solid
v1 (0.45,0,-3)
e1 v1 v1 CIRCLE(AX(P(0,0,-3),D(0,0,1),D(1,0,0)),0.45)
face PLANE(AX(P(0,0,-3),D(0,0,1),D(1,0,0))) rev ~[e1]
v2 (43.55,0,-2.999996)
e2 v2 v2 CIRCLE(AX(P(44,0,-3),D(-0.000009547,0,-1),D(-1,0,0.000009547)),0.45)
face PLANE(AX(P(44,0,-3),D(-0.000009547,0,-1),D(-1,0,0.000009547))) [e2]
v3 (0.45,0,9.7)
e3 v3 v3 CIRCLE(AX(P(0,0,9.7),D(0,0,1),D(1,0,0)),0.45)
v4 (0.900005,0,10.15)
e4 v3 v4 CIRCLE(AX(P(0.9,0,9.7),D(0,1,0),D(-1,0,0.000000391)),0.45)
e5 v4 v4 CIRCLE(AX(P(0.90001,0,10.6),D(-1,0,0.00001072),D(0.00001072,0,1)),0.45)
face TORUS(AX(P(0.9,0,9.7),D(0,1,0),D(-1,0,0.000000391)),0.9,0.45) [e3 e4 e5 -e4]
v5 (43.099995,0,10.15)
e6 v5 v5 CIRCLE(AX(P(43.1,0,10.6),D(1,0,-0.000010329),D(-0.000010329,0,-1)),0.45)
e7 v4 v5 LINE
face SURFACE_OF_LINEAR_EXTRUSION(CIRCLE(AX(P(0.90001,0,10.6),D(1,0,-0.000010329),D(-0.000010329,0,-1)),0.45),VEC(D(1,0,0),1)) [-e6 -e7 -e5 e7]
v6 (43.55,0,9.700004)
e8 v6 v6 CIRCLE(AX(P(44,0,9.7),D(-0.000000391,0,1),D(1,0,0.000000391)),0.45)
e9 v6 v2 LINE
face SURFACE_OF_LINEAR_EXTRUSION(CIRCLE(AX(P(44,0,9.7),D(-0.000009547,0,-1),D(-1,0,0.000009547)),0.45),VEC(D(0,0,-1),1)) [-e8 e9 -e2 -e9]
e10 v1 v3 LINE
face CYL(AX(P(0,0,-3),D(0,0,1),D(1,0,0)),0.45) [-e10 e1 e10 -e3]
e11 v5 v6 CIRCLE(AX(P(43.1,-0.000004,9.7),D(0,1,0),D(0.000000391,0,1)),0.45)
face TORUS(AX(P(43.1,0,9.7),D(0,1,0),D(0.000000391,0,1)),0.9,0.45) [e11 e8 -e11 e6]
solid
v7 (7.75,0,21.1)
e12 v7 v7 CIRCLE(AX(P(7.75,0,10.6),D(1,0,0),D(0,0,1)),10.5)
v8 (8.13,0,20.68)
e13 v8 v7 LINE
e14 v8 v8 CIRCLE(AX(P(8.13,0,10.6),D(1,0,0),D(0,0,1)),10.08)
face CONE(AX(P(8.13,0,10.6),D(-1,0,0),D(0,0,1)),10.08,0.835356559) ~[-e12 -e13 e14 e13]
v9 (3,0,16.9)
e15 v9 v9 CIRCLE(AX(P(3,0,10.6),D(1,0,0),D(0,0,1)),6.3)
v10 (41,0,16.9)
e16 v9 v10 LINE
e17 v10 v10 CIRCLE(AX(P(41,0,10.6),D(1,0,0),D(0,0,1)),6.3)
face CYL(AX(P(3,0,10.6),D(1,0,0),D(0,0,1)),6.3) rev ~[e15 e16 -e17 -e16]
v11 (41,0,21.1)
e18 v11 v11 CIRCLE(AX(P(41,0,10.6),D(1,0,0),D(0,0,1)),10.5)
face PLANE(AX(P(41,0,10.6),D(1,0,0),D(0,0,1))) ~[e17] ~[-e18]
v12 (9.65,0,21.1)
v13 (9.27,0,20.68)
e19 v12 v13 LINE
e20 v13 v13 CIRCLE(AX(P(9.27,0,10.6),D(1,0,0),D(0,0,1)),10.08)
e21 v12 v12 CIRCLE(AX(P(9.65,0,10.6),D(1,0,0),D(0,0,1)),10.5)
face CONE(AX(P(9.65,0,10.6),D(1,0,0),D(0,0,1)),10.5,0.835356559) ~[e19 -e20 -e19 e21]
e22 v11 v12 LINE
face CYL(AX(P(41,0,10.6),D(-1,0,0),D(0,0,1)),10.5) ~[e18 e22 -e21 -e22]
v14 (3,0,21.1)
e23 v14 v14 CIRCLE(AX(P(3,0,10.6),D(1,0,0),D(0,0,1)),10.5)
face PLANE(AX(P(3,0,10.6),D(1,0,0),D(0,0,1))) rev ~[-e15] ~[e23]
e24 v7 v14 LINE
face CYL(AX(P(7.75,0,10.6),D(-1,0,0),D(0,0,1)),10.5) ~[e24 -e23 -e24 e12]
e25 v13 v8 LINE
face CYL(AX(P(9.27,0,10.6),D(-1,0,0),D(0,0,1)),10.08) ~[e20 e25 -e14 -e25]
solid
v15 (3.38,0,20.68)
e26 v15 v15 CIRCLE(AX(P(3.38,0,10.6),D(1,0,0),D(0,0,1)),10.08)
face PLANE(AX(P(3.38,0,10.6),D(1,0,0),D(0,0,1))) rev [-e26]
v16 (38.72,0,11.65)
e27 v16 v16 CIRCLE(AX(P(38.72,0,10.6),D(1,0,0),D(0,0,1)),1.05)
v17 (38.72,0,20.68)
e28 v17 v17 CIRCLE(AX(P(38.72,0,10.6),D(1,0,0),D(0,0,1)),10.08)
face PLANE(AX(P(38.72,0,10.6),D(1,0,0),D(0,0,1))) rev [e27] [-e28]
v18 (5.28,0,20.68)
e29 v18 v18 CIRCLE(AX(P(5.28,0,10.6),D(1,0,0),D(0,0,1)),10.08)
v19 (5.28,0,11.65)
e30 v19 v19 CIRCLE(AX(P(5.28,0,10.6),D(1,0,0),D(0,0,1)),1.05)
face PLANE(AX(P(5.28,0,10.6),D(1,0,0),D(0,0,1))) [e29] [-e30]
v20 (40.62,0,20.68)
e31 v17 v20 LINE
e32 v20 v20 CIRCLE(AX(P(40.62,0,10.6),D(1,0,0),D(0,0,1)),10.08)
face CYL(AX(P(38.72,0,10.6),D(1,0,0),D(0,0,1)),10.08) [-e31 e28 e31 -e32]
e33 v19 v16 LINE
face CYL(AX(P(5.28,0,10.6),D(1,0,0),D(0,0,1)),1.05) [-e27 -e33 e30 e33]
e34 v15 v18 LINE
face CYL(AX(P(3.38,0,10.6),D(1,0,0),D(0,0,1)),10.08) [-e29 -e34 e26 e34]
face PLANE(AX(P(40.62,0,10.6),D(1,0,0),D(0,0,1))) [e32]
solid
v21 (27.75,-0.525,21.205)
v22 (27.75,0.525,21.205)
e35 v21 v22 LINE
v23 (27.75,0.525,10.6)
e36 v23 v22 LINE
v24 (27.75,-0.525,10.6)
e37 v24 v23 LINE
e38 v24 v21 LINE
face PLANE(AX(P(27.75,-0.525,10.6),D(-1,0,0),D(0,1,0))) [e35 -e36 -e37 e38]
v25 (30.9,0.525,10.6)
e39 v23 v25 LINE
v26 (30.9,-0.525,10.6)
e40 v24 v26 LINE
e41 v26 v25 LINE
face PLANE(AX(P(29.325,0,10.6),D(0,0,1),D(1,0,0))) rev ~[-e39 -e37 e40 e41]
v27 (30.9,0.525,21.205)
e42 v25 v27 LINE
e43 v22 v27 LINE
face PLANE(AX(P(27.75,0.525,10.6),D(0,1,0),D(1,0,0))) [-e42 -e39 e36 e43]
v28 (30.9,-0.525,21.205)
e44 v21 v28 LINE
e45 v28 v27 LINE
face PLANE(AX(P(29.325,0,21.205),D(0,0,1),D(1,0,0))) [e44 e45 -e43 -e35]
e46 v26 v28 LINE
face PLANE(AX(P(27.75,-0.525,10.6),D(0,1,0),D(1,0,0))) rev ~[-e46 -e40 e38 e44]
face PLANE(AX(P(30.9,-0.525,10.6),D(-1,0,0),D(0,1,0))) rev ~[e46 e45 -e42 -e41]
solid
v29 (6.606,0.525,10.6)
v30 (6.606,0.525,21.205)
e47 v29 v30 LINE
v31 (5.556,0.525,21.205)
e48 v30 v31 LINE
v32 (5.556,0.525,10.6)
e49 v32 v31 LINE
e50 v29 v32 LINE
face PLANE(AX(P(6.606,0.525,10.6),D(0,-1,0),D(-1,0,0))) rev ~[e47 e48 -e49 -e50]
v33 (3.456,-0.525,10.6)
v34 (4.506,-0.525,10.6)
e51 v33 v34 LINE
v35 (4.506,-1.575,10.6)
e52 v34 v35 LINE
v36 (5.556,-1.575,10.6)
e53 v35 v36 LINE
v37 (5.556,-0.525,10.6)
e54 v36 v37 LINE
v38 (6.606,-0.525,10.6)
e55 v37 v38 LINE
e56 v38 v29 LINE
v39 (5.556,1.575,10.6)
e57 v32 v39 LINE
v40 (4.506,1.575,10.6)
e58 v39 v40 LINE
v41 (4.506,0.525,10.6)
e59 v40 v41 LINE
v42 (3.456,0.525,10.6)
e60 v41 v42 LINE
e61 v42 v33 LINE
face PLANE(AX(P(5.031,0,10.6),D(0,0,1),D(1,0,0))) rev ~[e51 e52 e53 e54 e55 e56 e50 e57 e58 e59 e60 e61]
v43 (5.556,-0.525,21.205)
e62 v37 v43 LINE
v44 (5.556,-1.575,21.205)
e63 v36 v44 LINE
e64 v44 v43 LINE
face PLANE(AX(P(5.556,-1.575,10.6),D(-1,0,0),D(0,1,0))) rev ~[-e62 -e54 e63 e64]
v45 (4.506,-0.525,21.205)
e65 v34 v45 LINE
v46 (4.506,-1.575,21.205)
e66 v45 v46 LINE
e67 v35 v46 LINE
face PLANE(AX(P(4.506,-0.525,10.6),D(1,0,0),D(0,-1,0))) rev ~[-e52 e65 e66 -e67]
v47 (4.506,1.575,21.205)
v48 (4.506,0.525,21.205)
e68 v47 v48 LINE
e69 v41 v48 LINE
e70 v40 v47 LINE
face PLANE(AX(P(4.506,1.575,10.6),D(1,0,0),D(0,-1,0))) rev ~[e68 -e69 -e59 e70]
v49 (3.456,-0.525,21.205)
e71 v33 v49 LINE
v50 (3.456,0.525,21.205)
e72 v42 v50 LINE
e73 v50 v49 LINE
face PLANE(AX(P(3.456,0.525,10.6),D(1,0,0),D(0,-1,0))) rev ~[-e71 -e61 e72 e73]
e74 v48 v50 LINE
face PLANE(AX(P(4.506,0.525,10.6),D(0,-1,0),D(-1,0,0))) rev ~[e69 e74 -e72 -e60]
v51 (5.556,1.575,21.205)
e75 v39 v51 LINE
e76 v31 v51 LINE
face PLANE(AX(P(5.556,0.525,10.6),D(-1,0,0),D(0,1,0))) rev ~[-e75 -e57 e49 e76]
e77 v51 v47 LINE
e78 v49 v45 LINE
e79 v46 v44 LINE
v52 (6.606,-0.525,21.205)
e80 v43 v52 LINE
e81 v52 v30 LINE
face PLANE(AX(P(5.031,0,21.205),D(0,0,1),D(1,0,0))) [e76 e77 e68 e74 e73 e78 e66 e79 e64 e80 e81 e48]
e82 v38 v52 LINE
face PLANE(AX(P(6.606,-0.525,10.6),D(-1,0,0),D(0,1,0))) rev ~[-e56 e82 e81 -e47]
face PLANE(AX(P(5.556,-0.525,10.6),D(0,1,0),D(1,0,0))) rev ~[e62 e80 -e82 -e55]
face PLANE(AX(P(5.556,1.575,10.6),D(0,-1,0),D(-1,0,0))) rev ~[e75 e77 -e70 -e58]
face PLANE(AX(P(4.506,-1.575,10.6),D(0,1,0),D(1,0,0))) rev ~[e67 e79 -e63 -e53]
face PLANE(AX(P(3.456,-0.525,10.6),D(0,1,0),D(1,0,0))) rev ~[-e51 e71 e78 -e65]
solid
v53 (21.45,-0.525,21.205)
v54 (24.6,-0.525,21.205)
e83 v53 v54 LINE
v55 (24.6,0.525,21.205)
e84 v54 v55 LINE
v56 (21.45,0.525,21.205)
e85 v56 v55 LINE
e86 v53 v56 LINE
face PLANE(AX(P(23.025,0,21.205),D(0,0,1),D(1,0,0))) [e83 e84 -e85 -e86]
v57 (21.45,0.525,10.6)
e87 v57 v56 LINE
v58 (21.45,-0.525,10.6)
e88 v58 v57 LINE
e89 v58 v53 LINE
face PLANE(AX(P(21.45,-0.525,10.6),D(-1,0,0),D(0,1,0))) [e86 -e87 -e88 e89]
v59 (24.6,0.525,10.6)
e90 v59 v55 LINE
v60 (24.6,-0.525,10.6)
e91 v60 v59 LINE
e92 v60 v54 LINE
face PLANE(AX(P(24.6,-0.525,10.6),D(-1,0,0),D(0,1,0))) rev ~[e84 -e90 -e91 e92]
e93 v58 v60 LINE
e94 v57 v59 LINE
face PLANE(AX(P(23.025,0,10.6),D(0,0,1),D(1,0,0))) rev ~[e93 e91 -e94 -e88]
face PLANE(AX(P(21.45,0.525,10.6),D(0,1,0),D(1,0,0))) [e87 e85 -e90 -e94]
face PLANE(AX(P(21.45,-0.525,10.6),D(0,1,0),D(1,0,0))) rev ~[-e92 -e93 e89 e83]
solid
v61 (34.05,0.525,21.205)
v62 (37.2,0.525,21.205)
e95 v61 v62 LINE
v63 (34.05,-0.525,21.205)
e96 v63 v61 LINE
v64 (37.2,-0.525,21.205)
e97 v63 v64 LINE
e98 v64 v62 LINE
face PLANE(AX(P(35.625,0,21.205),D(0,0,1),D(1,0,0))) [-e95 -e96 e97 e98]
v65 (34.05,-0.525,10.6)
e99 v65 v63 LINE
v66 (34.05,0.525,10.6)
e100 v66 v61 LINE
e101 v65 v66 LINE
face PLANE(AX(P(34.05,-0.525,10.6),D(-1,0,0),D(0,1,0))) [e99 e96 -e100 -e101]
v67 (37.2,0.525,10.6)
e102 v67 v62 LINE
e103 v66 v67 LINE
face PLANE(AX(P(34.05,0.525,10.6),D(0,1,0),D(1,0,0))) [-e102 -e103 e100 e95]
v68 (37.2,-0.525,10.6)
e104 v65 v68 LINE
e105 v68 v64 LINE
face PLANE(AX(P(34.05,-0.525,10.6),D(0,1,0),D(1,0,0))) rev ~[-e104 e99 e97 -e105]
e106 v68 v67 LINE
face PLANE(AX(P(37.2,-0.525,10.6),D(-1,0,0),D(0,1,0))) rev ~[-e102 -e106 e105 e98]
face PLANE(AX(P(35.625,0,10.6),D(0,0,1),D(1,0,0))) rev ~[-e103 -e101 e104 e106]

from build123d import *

# Parameters (mm, degrees)
SKETCH_R    = 0.45
SKETCH004_W = 3.15
SKETCH004_H = 1.05
PAD_DEPTH   = 10.605


with BuildPart() as sweep_body:
    # Sweep: sweep along a path in Sketch001
    with BuildLine(Plane.XZ) as sweep_path:
        Line((0, -3), (0, 9.7))
        ThreePointArc((0, 9.7), (0.263607, 10.336399), (0.90001, 10.6))
        Line((0.90001, 10.6), (43.1, 10.6))
        ThreePointArc((43.1, 10.6), (43.736396, 10.336396), (44, 9.7))
        Line((44, 9.7), (44, -3))
    # Sketch → Sweep (sweep)
    with BuildSketch(Plane.XY.offset(-2)):
        Circle(SKETCH_R)
    sweep(path=sweep_path.line)


with BuildPart() as revolution:
    # Sketch002 → Revolution (revolve)
    with BuildSketch(Plane.XZ):
        Polygon((3, 21.1), (3, 16.9), (41, 16.9), (41, 21.1), (9.65, 21.1), (9.27, 20.68), (8.13, 20.68), (7.75, 21.1), align=None)
    revolve(axis=Axis((6.97588, 0, 10.6), (1, 0, 0)))


with BuildPart() as revolution001:
    # Sketch003 → Revolution001 (revolve)
    with BuildSketch(Plane.XZ):
        Polygon((3.38, 20.68), (5.28, 20.68), (5.28, 11.65), (38.72, 11.65), (38.72, 20.68), (40.62, 20.68), (40.62, 10.6), (3.38, 10.6), align=None)
    revolve(axis=Axis((6.97588, 0, 10.6), (1, 0, 0)))


with BuildPart() as pad:
    # Sketch004 → Pad (new body)
    with BuildSketch(Plane.XY.offset(10.6)):
        with Locations((35.625, 0)):
            Rectangle(SKETCH004_W, SKETCH004_H)
        with Locations((29.325, 0)):
            Rectangle(SKETCH004_W, SKETCH004_H)
        with Locations((23.025, 0)):
            Rectangle(SKETCH004_W, SKETCH004_H)
        Polygon((4.506, 0.525), (3.456, 0.525), (3.456, -0.525), (4.506, -0.525), (4.506, -1.575), (5.556, -1.575), (5.556, -0.525), (6.606, -0.525), (6.606, 0.525), (5.556, 0.525), (5.556, 1.575), (4.506, 1.575), align=None)
    extrude(amount=PAD_DEPTH)


solid = Compound([sweep_body.part, revolution.part, revolution001.part, pad.part])
